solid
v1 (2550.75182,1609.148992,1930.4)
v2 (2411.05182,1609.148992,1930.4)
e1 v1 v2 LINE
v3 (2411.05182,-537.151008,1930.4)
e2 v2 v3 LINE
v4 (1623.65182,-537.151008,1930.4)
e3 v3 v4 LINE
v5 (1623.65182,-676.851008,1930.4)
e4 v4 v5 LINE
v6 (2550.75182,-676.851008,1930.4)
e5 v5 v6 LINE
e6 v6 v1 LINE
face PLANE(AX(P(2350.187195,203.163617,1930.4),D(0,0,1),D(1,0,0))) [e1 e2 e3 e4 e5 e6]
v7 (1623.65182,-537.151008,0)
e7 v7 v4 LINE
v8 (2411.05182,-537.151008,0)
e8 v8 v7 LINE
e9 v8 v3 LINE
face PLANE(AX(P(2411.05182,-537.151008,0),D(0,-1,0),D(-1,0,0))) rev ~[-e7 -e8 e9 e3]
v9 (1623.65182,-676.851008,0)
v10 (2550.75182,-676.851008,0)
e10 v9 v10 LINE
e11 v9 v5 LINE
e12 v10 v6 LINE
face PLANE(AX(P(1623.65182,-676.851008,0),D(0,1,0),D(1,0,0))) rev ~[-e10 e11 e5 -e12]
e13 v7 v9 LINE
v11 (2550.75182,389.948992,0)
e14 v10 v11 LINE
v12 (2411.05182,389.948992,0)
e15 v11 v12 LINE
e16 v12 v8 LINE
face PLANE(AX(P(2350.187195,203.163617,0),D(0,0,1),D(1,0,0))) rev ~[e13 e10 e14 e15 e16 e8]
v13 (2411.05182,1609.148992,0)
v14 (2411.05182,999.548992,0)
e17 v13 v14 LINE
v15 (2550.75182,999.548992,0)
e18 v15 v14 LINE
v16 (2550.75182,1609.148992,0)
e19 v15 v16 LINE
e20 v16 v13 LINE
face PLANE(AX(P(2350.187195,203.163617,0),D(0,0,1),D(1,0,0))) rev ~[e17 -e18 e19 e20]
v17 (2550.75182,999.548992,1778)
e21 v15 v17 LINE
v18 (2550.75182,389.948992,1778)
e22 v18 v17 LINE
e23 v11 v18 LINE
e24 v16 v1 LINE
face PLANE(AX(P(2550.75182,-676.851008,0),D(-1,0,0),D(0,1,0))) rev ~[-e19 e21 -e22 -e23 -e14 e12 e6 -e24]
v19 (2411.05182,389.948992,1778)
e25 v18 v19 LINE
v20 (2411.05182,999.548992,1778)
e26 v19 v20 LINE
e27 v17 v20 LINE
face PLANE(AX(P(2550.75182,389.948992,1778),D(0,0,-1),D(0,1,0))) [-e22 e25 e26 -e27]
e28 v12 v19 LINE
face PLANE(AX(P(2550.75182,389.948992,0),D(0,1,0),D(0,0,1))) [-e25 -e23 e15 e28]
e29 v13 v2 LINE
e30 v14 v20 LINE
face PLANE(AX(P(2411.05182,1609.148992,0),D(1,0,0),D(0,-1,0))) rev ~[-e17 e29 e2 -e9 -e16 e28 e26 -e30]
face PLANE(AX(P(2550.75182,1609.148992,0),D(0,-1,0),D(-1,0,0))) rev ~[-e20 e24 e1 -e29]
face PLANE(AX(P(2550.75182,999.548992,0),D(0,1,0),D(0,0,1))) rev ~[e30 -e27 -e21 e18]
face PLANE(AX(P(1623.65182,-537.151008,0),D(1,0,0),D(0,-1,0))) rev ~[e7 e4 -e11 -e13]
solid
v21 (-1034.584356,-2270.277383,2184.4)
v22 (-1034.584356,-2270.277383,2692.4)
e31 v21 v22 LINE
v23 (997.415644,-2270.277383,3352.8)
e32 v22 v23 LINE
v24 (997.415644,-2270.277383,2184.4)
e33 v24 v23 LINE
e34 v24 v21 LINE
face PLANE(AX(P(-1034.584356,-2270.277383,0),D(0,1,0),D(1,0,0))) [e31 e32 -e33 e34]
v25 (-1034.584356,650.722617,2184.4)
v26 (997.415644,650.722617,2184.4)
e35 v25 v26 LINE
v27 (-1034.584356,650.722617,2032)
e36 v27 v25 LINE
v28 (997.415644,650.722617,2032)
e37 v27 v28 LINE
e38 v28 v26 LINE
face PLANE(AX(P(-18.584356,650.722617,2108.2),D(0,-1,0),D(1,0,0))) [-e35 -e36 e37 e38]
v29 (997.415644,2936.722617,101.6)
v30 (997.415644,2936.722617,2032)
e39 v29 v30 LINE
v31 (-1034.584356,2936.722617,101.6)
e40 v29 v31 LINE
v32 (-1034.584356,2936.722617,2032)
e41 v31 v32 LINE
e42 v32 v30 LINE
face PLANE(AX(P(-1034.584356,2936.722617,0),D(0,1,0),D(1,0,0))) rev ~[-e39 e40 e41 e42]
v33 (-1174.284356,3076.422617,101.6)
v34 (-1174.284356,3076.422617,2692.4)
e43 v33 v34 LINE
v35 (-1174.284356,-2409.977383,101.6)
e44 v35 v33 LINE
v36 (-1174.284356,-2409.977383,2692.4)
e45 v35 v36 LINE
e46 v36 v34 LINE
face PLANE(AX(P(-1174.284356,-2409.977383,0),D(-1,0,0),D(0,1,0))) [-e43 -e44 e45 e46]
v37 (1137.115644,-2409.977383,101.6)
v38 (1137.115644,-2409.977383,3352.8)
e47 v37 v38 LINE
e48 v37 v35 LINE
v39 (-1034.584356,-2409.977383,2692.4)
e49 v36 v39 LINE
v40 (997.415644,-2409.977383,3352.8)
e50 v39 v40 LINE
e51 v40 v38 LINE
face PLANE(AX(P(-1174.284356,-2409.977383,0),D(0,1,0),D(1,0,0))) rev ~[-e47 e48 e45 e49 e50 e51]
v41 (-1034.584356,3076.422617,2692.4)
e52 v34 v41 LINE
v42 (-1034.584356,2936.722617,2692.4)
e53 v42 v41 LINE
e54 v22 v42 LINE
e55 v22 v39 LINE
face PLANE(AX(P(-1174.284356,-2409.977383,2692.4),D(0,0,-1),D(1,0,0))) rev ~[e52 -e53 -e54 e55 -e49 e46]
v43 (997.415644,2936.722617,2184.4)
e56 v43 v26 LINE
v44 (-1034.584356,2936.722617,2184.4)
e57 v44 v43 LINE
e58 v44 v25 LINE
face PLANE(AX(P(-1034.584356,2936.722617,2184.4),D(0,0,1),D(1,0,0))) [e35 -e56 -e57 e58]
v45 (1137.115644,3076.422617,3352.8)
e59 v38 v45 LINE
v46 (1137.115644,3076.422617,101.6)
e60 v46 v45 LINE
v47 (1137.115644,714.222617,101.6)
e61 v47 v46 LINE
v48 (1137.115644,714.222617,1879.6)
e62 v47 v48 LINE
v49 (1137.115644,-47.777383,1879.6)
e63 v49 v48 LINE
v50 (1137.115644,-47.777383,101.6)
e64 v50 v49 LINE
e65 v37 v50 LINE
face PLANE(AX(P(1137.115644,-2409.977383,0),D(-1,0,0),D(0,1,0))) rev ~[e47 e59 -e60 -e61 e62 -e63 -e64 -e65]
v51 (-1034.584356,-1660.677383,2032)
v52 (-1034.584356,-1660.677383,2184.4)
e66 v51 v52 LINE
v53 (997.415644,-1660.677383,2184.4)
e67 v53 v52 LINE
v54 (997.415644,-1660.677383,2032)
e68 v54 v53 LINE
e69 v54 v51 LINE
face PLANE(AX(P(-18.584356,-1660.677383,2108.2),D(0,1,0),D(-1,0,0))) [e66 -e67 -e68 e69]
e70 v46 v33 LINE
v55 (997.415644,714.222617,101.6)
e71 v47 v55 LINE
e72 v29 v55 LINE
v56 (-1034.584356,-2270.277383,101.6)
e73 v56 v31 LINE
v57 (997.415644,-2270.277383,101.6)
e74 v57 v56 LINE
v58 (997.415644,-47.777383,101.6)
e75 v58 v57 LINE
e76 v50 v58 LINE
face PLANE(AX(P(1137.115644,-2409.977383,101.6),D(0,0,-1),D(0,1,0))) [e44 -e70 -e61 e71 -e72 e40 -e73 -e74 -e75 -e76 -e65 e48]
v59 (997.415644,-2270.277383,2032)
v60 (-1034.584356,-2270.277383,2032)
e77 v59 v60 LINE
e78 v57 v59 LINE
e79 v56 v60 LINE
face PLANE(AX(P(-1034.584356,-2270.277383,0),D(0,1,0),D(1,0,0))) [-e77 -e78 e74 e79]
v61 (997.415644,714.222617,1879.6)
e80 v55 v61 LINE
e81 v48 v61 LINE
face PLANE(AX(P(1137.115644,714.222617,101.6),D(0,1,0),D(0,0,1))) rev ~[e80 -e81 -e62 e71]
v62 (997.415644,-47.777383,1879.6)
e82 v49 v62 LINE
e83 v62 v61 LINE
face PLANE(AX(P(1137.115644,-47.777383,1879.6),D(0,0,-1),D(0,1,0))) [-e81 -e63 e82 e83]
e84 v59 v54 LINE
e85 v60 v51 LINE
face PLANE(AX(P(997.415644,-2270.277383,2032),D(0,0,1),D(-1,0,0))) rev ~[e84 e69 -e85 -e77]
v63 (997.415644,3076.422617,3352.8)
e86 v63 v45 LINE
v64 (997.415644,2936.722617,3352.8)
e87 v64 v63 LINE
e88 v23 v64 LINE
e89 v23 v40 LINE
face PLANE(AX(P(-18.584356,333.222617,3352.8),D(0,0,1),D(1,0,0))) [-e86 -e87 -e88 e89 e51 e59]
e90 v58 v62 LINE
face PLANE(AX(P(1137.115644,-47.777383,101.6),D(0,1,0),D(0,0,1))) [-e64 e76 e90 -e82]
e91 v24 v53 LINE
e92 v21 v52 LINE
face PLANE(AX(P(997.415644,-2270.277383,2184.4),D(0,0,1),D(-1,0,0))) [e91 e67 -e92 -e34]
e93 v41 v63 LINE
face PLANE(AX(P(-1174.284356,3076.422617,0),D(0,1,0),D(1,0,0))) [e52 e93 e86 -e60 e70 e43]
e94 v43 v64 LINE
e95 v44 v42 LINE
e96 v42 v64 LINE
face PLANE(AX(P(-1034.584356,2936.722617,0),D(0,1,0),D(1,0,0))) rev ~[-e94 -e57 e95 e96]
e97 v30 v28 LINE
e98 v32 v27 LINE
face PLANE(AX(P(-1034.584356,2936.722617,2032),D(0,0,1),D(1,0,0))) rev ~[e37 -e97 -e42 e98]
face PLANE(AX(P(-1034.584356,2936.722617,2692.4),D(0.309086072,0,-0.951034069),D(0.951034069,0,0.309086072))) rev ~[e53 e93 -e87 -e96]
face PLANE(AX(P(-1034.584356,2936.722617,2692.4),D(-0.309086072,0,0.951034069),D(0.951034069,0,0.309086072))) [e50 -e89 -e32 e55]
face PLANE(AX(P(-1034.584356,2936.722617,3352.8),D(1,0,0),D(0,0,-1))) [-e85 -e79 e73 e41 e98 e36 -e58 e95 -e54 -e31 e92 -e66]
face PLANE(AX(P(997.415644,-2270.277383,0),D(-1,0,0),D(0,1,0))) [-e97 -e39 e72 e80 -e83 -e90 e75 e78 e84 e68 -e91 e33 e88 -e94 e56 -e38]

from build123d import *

# Parameters (mm, degrees)
F0_W      = 2311.4
F0_H      = 5486.4
F0_W_2    = 2032
F0_H_2    = 5207
F1_DEPTH  = 3352.8
F2_W      = 2032
F2_H      = 152.4
F3_DEPTH  = 2286
F4_DEPTH  = 139.7
F5_DEPTH  = 5473.7
F6_W      = 139.7
F6_H      = 660.4
F7_DEPTH  = 5486.4
F8_W      = 2032
F8_H      = 152.4
F9_DEPTH  = 609.6
F10_W     = 5486.4
F10_H     = 101.6
F11_DEPTH = 2311.4
F13_DEPTH = 1930.4
F14_W     = 609.6
F14_H     = 1778
F15_DEPTH = 139.7
F16_W     = 762
F16_H     = 1778
F17_DEPTH = 139.7


with BuildPart() as f1:
    # F0 (on Top) → F1 (new body)
    with BuildSketch(Plane.XY):
        with Locations((-18.584356, 333.222617)):
            Rectangle(F0_W, F0_H)
        with Locations((-18.584356, 333.222617)):
            Rectangle(F0_W_2, F0_H_2, mode=Mode.SUBTRACT)
    extrude(amount=F1_DEPTH)

    # F2 (on face) → F3 (join)
    with BuildSketch(Plane.XZ.offset(-2936.722617)):
        with Locations((-18.584356, 2108.2)):
            Rectangle(F2_W, F2_H)
    extrude(amount=F3_DEPTH)

    # F2 (on face) → F4 (cut)
    with BuildSketch(Plane.XZ.offset(-2936.722617)):
        Polygon((-1034.584356, 3352.8), (-1034.584356, 2692.4), (997.415644, 3352.8), align=None)
    extrude(amount=-F4_DEPTH, mode=Mode.SUBTRACT)

    # F2 (on face) → F5 (cut)
    with BuildSketch(Plane.XZ.offset(-2936.722617)):
        Polygon((-1034.584356, 3352.8), (-1034.584356, 2692.4), (997.415644, 3352.8), align=None)
    extrude(amount=F5_DEPTH, mode=Mode.SUBTRACT)

    # F6 (on face) → F7 (cut)
    with BuildSketch(Plane.XZ.offset(2409.977383)):
        with Locations((-1104.434356, 3022.6)):
            Rectangle(F6_W, F6_H)
    extrude(amount=-F7_DEPTH, mode=Mode.SUBTRACT)

    # F8 (on face) → F9 (join)
    with BuildSketch(Plane(origin=(0, -2270.277383, 0), x_dir=(-1, 0, 0), z_dir=(0, 1, 0))):
        with Locations((18.584356, 2108.2)):
            Rectangle(F8_W, F8_H)
    extrude(amount=F9_DEPTH)

    # F10 (on face) → F11 (cut)
    with BuildSketch(Plane.YZ.offset(1137.115644)):
        with Locations((333.222617, 50.8)):
            Rectangle(F10_W, F10_H)
    extrude(amount=-F11_DEPTH, mode=Mode.SUBTRACT)

    # F16 (on face) → F17 (cut)
    with BuildSketch(Plane.YZ.offset(1137.115644)):
        with Locations((333.222617, 990.6)):
            Rectangle(F16_W, F16_H)
    extrude(amount=-F17_DEPTH, mode=Mode.SUBTRACT)


with BuildPart() as f13:
    # F12 (on Top) → F13 (new body)
    with BuildSketch(Plane.XY):
        Polygon((2550.75182, 1609.148992), (2411.05182, 1609.148992), (2411.05182, -537.151008), (1623.65182, -537.151008), (1623.65182, -676.851008), (2550.75182, -676.851008), align=None)
    extrude(amount=F13_DEPTH)

    # F14 (on face) → F15 (cut)
    with BuildSketch(Plane.YZ.offset(2550.75182)):
        with Locations((694.748992, 889)):
            Rectangle(F14_W, F14_H)
    extrude(amount=-F15_DEPTH, mode=Mode.SUBTRACT)


solid = Compound([f1.part, f13.part])
